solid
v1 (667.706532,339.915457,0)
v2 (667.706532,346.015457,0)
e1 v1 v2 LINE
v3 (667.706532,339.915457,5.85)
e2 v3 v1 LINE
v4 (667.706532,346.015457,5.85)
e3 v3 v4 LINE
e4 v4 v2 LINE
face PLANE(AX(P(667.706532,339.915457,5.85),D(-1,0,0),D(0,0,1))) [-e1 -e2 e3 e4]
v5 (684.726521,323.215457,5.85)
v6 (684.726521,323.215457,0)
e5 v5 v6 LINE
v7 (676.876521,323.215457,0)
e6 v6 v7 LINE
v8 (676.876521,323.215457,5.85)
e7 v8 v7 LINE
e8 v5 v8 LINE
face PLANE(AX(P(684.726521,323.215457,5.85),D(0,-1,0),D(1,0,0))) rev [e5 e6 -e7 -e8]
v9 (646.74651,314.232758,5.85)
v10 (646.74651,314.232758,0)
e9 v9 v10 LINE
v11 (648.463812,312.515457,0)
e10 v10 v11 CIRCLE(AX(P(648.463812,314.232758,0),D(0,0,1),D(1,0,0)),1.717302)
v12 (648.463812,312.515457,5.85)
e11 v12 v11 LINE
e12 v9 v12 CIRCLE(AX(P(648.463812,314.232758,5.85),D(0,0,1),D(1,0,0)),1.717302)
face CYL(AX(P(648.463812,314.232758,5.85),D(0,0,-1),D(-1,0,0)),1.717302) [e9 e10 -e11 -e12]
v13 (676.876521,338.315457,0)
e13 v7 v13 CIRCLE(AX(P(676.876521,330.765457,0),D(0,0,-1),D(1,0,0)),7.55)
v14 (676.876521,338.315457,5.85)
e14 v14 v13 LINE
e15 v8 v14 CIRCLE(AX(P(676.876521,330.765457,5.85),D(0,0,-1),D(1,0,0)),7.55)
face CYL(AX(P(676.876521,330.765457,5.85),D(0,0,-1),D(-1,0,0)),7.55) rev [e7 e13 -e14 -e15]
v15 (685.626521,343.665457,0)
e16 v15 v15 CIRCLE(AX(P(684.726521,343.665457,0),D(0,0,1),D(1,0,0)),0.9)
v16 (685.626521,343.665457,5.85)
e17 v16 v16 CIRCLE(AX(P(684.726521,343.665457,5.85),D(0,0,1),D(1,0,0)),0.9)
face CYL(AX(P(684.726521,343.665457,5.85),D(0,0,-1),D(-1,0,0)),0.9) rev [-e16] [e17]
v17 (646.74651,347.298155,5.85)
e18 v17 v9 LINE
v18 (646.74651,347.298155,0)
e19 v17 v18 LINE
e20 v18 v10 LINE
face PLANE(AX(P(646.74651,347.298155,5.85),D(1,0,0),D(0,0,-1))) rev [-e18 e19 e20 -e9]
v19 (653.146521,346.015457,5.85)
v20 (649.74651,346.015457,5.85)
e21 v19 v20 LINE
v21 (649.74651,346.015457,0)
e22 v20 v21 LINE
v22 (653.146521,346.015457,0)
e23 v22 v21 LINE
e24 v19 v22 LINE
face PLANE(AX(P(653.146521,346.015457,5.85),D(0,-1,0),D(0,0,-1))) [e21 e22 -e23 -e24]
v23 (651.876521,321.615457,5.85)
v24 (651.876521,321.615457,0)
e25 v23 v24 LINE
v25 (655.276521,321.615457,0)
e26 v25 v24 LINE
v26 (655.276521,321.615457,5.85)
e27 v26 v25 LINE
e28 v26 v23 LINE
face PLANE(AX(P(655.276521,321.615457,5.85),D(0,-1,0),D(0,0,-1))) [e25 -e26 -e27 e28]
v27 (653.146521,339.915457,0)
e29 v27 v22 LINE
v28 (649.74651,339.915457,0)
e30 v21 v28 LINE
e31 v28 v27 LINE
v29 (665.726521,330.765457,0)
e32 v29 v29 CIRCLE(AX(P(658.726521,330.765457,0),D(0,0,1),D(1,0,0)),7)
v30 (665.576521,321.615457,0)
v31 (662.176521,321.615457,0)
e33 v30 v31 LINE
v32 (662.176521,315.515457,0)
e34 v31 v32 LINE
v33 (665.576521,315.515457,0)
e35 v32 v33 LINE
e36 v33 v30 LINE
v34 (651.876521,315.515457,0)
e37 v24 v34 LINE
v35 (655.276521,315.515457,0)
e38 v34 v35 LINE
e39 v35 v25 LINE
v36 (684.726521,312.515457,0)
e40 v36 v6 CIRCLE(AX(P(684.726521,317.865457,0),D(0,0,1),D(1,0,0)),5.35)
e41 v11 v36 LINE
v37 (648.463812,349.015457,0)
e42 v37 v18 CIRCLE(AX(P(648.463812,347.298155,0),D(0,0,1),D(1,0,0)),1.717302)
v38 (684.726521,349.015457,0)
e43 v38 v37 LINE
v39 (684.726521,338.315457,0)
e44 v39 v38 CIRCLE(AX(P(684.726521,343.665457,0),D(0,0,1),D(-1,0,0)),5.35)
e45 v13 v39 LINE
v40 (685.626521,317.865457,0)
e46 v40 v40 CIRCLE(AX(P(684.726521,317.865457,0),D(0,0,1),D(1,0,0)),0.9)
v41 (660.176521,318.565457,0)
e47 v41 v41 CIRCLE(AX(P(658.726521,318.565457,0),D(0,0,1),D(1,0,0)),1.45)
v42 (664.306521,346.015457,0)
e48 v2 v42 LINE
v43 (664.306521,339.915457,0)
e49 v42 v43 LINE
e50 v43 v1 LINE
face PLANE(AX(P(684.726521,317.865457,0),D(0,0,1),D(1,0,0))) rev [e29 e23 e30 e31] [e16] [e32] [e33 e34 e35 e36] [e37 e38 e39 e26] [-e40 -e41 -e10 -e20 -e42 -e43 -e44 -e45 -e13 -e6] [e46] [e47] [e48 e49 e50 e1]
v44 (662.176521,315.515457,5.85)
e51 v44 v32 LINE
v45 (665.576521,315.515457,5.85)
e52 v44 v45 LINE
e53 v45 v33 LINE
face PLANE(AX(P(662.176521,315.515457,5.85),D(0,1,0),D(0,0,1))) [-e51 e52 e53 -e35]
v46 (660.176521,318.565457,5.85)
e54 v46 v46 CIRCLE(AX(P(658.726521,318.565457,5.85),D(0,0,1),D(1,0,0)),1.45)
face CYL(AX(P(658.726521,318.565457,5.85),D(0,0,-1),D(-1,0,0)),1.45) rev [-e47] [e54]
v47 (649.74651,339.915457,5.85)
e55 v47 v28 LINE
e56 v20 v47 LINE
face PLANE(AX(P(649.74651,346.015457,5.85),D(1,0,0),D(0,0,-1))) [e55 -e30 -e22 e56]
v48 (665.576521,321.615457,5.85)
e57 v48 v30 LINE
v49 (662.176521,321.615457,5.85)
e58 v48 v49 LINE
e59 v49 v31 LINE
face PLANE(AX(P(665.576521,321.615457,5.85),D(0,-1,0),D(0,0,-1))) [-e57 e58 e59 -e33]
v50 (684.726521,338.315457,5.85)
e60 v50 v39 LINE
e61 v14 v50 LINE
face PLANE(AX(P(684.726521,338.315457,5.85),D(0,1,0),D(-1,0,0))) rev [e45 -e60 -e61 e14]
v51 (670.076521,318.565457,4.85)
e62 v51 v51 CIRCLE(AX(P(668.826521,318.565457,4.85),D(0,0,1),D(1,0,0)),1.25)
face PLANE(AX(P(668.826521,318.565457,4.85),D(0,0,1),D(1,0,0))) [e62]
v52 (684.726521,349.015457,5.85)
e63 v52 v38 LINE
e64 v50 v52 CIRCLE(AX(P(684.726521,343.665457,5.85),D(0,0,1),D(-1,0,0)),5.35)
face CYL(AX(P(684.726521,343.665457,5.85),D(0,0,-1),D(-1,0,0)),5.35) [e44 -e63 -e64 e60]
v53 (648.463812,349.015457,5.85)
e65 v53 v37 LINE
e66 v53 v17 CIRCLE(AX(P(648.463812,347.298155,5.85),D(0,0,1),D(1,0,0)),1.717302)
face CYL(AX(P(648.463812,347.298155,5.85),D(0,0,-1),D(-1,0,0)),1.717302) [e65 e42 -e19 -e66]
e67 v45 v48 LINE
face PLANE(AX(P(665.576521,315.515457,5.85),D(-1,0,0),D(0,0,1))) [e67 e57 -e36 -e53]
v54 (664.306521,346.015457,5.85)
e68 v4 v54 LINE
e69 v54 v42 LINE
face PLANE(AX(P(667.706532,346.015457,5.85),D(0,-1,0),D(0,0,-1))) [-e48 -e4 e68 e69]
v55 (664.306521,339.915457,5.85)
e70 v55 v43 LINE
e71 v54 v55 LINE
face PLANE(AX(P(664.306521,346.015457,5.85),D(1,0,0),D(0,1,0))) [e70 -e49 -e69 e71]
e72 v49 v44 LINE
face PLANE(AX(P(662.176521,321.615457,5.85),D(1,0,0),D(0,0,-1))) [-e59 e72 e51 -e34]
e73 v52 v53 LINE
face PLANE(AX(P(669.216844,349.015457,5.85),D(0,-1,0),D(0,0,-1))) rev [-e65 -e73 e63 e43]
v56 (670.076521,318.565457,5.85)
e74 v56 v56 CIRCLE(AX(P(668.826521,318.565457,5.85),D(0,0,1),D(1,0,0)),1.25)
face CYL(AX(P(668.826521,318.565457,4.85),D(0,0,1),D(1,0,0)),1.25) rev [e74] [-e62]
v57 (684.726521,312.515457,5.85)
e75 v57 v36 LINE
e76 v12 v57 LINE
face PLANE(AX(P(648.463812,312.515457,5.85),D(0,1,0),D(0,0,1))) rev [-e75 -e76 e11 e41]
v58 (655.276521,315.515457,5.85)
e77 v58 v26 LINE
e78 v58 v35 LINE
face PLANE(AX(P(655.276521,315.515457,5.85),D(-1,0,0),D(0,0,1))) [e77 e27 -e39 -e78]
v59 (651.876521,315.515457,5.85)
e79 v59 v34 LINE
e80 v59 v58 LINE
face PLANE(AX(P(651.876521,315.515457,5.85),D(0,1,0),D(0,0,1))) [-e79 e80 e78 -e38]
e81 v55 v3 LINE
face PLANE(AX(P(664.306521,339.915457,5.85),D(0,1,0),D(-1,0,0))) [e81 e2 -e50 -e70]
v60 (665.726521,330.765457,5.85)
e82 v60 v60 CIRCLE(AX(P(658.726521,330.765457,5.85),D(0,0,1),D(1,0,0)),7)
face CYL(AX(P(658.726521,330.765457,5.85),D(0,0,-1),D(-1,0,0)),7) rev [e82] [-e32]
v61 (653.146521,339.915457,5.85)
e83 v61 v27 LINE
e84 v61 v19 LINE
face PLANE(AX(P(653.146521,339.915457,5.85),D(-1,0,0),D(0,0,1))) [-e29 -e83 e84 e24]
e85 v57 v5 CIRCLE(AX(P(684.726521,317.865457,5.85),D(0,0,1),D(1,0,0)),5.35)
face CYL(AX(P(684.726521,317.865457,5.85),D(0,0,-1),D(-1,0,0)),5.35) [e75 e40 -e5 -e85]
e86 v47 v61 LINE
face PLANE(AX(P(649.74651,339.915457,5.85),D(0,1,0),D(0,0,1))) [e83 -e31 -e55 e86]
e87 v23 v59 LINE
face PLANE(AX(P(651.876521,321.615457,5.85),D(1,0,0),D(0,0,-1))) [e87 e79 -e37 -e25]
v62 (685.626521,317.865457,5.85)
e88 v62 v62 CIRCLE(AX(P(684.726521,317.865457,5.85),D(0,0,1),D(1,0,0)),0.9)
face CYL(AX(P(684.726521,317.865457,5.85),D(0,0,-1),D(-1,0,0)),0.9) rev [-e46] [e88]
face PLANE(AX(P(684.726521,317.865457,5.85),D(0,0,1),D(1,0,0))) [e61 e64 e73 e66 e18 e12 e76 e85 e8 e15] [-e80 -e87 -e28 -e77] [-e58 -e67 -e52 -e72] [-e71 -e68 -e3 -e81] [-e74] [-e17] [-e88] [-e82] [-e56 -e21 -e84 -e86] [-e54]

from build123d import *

# Parameters (mm, degrees)
SKETCH1_R           = 0.9
SKETCH1_R_2         = 1.45
SKETCH1_R_3         = 7
SKETCH1_W           = 3.400011
SKETCH1_H           = 6.1
SKETCH1_W_2         = 3.4
BOSS_EXTRUDE2_DEPTH = 5.85
SKETCH2_R           = 1.25
CUT_EXTRUDE1_DEPTH  = 1


with BuildPart() as part:
    # Sketch1 → Boss-Extrude2 (new body)
    with BuildSketch(Plane.XY):
        with BuildLine():
            Line((669.21684417, 349.01545661), (648.4638119, 349.01545661))
            ThreePointArc((648.4638119, 349.01545661), (647.249496344, 348.512470637), (646.746510371, 347.298155081))
            Line((646.746510371, 347.298155081), (646.746510371, 314.232758138))
            ThreePointArc((646.746510371, 314.232758138), (647.249496344, 313.018442582), (648.4638119, 312.51545661))
            Line((648.4638119, 312.51545661), (669.21684417, 312.51545661))
            Line((669.21684417, 312.51545661), (684.726521371, 312.51545661))
            ThreePointArc((684.726521371, 312.51545661), (690.076521371, 317.86545661), (684.726521371, 323.21545661))
            Line((684.726521371, 323.21545661), (676.876521371, 323.21545661))
            ThreePointArc((676.876521371, 323.21545661), (669.326521371, 330.76545661), (676.876521371, 338.31545661))
            Line((676.876521371, 338.31545661), (684.726521371, 338.31545661))
            ThreePointArc((684.726521371, 338.31545661), (690.076521371, 343.66545661), (684.726521371, 349.01545661))
            Line((684.726521371, 349.01545661), (669.21684417, 349.01545661))
        make_face()
        with Locations((684.726521371, 343.66545661)):
            Circle(SKETCH1_R, mode=Mode.SUBTRACT)
        with Locations((684.726521371, 317.86545661)):
            Circle(SKETCH1_R, mode=Mode.SUBTRACT)
        with Locations((658.726521371, 318.56545661)):
            Circle(SKETCH1_R_2, mode=Mode.SUBTRACT)
        with Locations((658.726521371, 330.76545661)):
            Circle(SKETCH1_R_3, mode=Mode.SUBTRACT)
        with Locations((651.446515871, 342.96545661)):
            Rectangle(SKETCH1_W, SKETCH1_H, mode=Mode.SUBTRACT)
        with Locations((653.576521371, 318.56545661)):
            Rectangle(SKETCH1_W_2, SKETCH1_H, mode=Mode.SUBTRACT)
        with Locations((666.006526871, 342.96545661)):
            Rectangle(SKETCH1_W, SKETCH1_H, mode=Mode.SUBTRACT)
        with Locations((663.876521371, 318.56545661)):
            Rectangle(SKETCH1_W_2, SKETCH1_H, mode=Mode.SUBTRACT)
    extrude(amount=BOSS_EXTRUDE2_DEPTH)

    # Sketch2 → Cut-Extrude1 (cut)
    with BuildSketch(Plane.XY.offset(5.85)):
        with Locations((668.826521371, 318.56545661)):
            Circle(SKETCH2_R)
    extrude(amount=-CUT_EXTRUDE1_DEPTH, mode=Mode.SUBTRACT)


solid = part.part
